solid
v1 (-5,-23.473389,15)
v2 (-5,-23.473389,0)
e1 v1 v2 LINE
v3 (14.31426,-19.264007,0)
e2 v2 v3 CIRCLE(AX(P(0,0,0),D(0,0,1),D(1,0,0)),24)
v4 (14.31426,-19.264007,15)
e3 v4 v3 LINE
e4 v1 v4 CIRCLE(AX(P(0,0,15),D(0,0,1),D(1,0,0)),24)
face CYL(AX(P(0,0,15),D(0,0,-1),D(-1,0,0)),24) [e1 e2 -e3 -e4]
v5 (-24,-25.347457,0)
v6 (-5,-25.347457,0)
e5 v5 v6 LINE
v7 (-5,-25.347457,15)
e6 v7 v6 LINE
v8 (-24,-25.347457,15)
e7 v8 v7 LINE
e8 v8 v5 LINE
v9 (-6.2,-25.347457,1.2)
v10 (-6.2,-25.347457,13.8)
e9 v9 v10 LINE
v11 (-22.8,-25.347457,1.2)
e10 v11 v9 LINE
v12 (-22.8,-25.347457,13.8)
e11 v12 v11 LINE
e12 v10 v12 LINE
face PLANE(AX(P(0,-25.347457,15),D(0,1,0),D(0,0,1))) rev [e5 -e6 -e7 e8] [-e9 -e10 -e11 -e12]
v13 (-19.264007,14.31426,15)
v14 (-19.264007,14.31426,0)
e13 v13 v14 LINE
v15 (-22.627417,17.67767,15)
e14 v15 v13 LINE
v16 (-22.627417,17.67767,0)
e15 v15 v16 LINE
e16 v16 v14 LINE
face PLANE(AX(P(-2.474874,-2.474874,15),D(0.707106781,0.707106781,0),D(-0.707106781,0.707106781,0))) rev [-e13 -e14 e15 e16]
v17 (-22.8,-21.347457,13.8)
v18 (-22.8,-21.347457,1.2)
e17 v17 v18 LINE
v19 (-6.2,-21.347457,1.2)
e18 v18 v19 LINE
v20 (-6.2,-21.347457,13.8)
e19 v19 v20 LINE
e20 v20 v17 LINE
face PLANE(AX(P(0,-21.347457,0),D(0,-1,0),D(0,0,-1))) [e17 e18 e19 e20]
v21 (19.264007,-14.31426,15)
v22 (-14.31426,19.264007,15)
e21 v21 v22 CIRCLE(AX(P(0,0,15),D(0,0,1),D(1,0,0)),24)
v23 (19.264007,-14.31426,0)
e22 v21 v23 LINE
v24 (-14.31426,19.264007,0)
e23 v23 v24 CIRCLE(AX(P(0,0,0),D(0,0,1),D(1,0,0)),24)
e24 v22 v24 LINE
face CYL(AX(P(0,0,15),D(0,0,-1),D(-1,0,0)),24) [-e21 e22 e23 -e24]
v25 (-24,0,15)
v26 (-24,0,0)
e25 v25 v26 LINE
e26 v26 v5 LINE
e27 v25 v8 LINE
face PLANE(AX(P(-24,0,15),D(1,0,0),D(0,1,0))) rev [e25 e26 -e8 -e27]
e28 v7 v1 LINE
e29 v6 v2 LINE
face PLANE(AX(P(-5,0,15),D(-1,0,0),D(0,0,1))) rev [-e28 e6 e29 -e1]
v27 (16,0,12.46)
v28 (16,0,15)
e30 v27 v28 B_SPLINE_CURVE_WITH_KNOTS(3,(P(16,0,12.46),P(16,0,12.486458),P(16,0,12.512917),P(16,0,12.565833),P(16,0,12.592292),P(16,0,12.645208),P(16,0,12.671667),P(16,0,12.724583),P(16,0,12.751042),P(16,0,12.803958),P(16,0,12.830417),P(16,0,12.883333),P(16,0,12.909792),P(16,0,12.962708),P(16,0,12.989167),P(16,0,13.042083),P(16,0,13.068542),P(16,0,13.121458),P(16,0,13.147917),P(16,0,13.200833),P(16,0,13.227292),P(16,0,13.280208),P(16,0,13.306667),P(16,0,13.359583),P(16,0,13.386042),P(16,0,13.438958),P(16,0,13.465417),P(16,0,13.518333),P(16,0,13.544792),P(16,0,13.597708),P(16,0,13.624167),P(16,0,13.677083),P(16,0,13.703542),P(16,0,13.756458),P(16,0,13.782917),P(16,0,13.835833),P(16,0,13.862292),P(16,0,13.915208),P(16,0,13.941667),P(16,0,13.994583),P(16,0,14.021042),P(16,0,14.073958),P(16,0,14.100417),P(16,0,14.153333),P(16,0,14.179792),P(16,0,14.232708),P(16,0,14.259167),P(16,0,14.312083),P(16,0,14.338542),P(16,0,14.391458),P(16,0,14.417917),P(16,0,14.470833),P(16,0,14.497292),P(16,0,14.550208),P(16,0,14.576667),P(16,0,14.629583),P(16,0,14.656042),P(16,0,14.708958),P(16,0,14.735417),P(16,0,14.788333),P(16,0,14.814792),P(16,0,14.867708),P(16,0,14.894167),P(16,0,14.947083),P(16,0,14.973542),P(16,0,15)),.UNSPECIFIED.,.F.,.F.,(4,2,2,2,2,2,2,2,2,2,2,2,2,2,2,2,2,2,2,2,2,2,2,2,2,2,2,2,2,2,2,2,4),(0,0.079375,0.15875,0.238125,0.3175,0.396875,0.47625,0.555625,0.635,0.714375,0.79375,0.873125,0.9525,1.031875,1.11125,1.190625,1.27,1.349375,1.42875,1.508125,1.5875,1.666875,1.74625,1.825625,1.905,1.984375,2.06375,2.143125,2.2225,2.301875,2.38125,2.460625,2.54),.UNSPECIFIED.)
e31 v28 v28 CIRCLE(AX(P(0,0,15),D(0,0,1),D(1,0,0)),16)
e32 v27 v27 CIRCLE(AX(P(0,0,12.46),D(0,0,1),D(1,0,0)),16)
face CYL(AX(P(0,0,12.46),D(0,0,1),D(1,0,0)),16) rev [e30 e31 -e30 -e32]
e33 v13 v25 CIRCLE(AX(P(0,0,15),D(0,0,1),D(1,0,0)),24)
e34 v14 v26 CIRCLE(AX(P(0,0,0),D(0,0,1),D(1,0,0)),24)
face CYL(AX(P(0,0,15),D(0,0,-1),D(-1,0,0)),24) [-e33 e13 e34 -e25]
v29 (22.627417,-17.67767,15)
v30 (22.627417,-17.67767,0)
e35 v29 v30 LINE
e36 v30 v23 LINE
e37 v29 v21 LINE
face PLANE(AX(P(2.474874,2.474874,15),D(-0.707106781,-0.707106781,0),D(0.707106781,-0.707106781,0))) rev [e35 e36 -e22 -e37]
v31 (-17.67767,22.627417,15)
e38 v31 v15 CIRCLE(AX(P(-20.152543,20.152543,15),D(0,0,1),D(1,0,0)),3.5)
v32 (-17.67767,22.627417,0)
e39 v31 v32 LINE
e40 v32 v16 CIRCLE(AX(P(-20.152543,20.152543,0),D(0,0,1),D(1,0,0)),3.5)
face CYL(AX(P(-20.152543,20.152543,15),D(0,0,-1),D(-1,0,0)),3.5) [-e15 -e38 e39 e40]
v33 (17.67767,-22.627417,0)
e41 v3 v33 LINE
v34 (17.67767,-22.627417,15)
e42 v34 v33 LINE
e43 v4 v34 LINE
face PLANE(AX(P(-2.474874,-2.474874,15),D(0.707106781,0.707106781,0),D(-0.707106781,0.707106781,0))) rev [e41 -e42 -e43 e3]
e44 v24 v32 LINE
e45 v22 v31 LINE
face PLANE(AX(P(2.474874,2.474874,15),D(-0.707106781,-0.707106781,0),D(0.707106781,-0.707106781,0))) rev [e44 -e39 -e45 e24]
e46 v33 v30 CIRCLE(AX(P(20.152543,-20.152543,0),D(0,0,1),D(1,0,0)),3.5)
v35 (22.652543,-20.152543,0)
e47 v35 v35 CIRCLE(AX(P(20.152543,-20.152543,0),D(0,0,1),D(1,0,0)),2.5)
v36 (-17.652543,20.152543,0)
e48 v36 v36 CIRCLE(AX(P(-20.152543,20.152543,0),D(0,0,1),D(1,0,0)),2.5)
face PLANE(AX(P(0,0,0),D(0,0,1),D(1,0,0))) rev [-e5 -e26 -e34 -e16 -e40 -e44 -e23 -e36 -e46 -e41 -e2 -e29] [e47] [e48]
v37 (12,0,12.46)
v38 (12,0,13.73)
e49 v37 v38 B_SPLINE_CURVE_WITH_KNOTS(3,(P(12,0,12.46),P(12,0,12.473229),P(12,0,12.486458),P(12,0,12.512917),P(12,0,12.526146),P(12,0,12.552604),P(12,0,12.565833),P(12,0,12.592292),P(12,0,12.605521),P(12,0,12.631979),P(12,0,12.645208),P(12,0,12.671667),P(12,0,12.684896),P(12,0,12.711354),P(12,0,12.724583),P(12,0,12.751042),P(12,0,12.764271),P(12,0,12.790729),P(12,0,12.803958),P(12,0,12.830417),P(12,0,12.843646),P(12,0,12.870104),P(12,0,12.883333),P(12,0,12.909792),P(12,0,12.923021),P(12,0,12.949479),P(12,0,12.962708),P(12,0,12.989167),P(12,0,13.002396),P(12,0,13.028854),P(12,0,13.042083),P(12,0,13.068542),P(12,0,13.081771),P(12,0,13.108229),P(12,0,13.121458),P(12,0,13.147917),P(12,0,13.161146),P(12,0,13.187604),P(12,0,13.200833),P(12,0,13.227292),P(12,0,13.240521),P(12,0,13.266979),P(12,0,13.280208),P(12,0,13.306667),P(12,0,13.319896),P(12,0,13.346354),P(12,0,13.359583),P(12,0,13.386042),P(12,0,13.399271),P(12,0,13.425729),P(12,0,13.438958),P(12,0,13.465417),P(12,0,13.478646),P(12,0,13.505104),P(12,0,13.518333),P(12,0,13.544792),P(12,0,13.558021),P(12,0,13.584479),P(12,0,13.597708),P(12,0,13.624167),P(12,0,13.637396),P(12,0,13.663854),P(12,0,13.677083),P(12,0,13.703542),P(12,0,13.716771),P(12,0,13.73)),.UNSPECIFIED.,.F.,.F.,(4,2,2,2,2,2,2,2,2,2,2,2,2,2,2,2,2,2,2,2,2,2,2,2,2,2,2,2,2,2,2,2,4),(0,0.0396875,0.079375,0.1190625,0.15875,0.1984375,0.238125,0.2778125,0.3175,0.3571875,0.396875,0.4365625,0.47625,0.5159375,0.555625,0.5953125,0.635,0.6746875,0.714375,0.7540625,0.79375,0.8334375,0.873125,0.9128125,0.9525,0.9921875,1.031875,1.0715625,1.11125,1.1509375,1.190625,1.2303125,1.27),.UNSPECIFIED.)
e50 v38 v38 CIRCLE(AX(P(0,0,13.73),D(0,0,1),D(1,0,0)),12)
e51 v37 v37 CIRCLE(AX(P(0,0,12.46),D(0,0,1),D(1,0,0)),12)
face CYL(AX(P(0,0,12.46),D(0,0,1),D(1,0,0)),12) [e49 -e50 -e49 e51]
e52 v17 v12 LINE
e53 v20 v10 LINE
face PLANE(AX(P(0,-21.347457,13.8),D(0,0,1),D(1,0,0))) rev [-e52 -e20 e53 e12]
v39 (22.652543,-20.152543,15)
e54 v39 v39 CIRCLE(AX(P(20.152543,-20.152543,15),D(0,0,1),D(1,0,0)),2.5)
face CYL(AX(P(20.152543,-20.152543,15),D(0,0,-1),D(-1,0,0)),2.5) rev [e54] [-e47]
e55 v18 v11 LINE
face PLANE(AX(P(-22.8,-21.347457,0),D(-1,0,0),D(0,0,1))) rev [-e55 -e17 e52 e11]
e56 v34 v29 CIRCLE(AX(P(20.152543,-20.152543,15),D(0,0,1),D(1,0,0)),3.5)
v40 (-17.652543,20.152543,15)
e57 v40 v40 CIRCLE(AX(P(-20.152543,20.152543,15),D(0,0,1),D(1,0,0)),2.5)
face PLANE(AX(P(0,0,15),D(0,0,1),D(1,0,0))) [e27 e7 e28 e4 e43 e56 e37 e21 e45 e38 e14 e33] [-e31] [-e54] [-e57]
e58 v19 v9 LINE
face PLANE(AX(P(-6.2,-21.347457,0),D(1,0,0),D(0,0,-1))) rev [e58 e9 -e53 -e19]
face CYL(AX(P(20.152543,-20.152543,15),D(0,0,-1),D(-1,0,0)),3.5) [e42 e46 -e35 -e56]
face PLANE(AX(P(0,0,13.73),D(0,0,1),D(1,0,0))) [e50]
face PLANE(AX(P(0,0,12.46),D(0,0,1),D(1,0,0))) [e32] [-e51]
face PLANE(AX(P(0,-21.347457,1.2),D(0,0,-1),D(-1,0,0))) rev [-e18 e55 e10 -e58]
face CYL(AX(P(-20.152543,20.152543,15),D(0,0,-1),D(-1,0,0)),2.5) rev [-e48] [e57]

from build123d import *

# Parameters (mm, degrees)
BOSS_EXTRUDE1_DEPTH = 15
SKETCH2_W           = 16.6
SKETCH2_H           = 12.6
CUT_EXTRUDE1_DEPTH  = 4
SKETCH3_R           = 16
SKETCH3_R_2         = 12
CUT_EXTRUDE2_DEPTH  = 2.54
SKETCH4_R           = 12
CUT_EXTRUDE3_DEPTH  = 1.27


with BuildPart() as part:
    # Sketch1 → Boss-Extrude1 (new body)
    with BuildSketch(Plane.XY):
        with BuildLine():
            ThreePointArc((-5, -23.473389189), (-18.654758106, -15.099668871), (-24, 0))
            Line((-24, 0), (-24, -25.347456736))
            Line((-24, -25.347456736), (-5, -25.347456736))
            Line((-5, -25.347456736), (-5, -23.473389189))
        make_face()
        with BuildLine():
            Line((-4.949747468, 0), (-19.264007125, 14.314259656))
            ThreePointArc((-19.264007125, 14.314259656), (-22.785260268, 7.538694483), (-24, 0))
            Line((-24, 0), (-4.949747468, 0))
        make_face()
        with BuildLine():
            Line((14.314259656, -19.264007125), (-4.949747468, 0))
            Line((-4.949747468, 0), (-24, 0))
            ThreePointArc((-24, 0), (-18.654758106, -15.099668871), (-5, -23.473389189))
            ThreePointArc((-5, -23.473389189), (5.110634264, -23.449550474), (14.314259656, -19.264007125))
        make_face()
        with BuildLine():
            Line((-4.949747468, 0), (-19.264007125, 14.314259656))
            ThreePointArc((-19.264007125, 14.314259656), (-22.785260268, 7.538694483), (-24, 0))
            Line((-24, 0), (-4.949747468, 0))
        make_face()
        with BuildLine():
            Line((14.314259656, -19.264007125), (-4.949747468, 0))
            Line((-4.949747468, 0), (-24, 0))
            ThreePointArc((-24, 0), (-18.654758106, -15.099668871), (-5, -23.473389189))
            ThreePointArc((-5, -23.473389189), (5.110634264, -23.449550474), (14.314259656, -19.264007125))
        make_face()
        with BuildLine():
            Line((0, 0), (-16.970562748, 16.970562748))
            ThreePointArc((-16.970562748, 16.970562748), (-18.165902125, 15.684387141), (-19.264007125, 14.314259656))
            Line((-19.264007125, 14.314259656), (-4.949747468, 0))
            Line((-4.949747468, 0), (0, 0))
        make_face()
        with BuildLine():
            Line((16.970562748, -16.970562748), (0, 0))
            Line((0, 0), (-4.949747468, 0))
            Line((-4.949747468, 0), (14.314259656, -19.264007125))
            ThreePointArc((14.314259656, -19.264007125), (15.684387141, -18.165902125), (16.970562748, -16.970562748))
        make_face()
        with BuildLine():
            ThreePointArc((-14.314259656, 19.264007125), (-15.684387141, 18.165902125), (-16.970562748, 16.970562748))
            Line((-16.970562748, 16.970562748), (0, 0))
            Line((0, 0), (16.970562748, -16.970562748))
            ThreePointArc((16.970562748, -16.970562748), (18.165902125, -15.684387141), (19.264007125, -14.314259656))
            Line((19.264007125, -14.314259656), (-14.314259656, 19.264007125))
        make_face()
        with BuildLine():
            ThreePointArc((24, 0), (10.780950057, 21.442274037), (-14.314259656, 19.264007125))
            Line((-14.314259656, 19.264007125), (19.264007125, -14.314259656))
            ThreePointArc((19.264007125, -14.314259656), (22.785260268, -7.538694483), (24, 0))
        make_face()
        with BuildLine():
            Line((-16.970562748, 16.970562748), (-17.67766953, 17.67766953))
            ThreePointArc((-17.67766953, 17.67766953), (-20.152543264, 16.652543264), (-22.627416998, 17.67766953))
            Line((-22.627416998, 17.67766953), (-19.264007125, 14.314259656))
            ThreePointArc((-19.264007125, 14.314259656), (-18.165902125, 15.684387141), (-16.970562748, 16.970562748))
        make_face()
        with BuildLine():
            ThreePointArc((-16.652543264, 20.152543264), (-16.9189649, 18.813151251), (-17.67766953, 17.67766953))
            Line((-17.67766953, 17.67766953), (-16.970562748, 16.970562748))
            ThreePointArc((-16.970562748, 16.970562748), (-15.684387141, 18.165902125), (-14.314259656, 19.264007125))
            Line((-14.314259656, 19.264007125), (-17.67766953, 22.627416998))
            ThreePointArc((-17.67766953, 22.627416998), (-16.9189649, 21.491935277), (-16.652543264, 20.152543264))
        make_face()
        with BuildLine():
            ThreePointArc((23.652543264, -20.152543264), (23.386121628, -18.813151251), (22.627416998, -17.67766953))
            Line((22.627416998, -17.67766953), (21.920310217, -18.384776311))
            ThreePointArc((21.920310217, -18.384776311), (22.462242095, -19.195834683), (22.652543264, -20.152543264))
            ThreePointArc((22.652543264, -20.152543264), (22.462242095, -21.109251845), (21.920310217, -21.920310217))
            Line((21.920310217, -21.920310217), (22.627416998, -22.627416998))
            ThreePointArc((22.627416998, -22.627416998), (23.386121628, -21.491935277), (23.652543264, -20.152543264))
        make_face()
        with BuildLine():
            Line((21.920310217, -18.384776311), (22.627416998, -17.67766953))
            ThreePointArc((22.627416998, -17.67766953), (20.152543264, -16.652543264), (17.67766953, -17.67766953))
            Line((17.67766953, -17.67766953), (18.384776311, -18.384776311))
            ThreePointArc((18.384776311, -18.384776311), (20.152543264, -17.652543264), (21.920310217, -18.384776311))
        make_face()
        with BuildLine():
            Line((18.384776311, -18.384776311), (17.67766953, -17.67766953))
            ThreePointArc((17.67766953, -17.67766953), (16.652543264, -20.152543264), (17.67766953, -22.627416998))
            Line((17.67766953, -22.627416998), (18.384776311, -21.920310217))
            ThreePointArc((18.384776311, -21.920310217), (17.652543264, -20.152543264), (18.384776311, -18.384776311))
        make_face()
        with BuildLine():
            Line((18.384776311, -21.920310217), (17.67766953, -22.627416998))
            ThreePointArc((17.67766953, -22.627416998), (20.152543264, -23.652543264), (22.627416998, -22.627416998))
            Line((22.627416998, -22.627416998), (21.920310217, -21.920310217))
            ThreePointArc((21.920310217, -21.920310217), (20.152543264, -22.652543264), (18.384776311, -21.920310217))
        make_face()
        with BuildLine():
            ThreePointArc((23.652543264, -20.152543264), (23.386121628, -18.813151251), (22.627416998, -17.67766953))
            Line((22.627416998, -17.67766953), (21.920310217, -18.384776311))
            ThreePointArc((21.920310217, -18.384776311), (22.462242095, -19.195834683), (22.652543264, -20.152543264))
            ThreePointArc((22.652543264, -20.152543264), (22.462242095, -21.109251845), (21.920310217, -21.920310217))
            Line((21.920310217, -21.920310217), (22.627416998, -22.627416998))
            ThreePointArc((22.627416998, -22.627416998), (23.386121628, -21.491935277), (23.652543264, -20.152543264))
        make_face()
        with BuildLine():
            Line((21.920310217, -18.384776311), (22.627416998, -17.67766953))
            ThreePointArc((22.627416998, -17.67766953), (20.152543264, -16.652543264), (17.67766953, -17.67766953))
            Line((17.67766953, -17.67766953), (18.384776311, -18.384776311))
            ThreePointArc((18.384776311, -18.384776311), (20.152543264, -17.652543264), (21.920310217, -18.384776311))
        make_face()
        with BuildLine():
            Line((18.384776311, -18.384776311), (17.67766953, -17.67766953))
            ThreePointArc((17.67766953, -17.67766953), (16.652543264, -20.152543264), (17.67766953, -22.627416998))
            Line((17.67766953, -22.627416998), (18.384776311, -21.920310217))
            ThreePointArc((18.384776311, -21.920310217), (17.652543264, -20.152543264), (18.384776311, -18.384776311))
        make_face()
        with BuildLine():
            Line((18.384776311, -21.920310217), (17.67766953, -22.627416998))
            ThreePointArc((17.67766953, -22.627416998), (20.152543264, -23.652543264), (22.627416998, -22.627416998))
            Line((22.627416998, -22.627416998), (21.920310217, -21.920310217))
            ThreePointArc((21.920310217, -21.920310217), (20.152543264, -22.652543264), (18.384776311, -21.920310217))
        make_face()
        with BuildLine():
            Line((17.67766953, -17.67766953), (16.970562748, -16.970562748))
            ThreePointArc((16.970562748, -16.970562748), (15.684387141, -18.165902125), (14.314259656, -19.264007125))
            Line((14.314259656, -19.264007125), (17.67766953, -22.627416998))
            ThreePointArc((17.67766953, -22.627416998), (16.652543264, -20.152543264), (17.67766953, -17.67766953))
        make_face()
        with BuildLine():
            Line((22.627416998, -17.67766953), (19.264007125, -14.314259656))
            ThreePointArc((19.264007125, -14.314259656), (18.165902125, -15.684387141), (16.970562748, -16.970562748))
            Line((16.970562748, -16.970562748), (17.67766953, -17.67766953))
            ThreePointArc((17.67766953, -17.67766953), (20.152543264, -16.652543264), (22.627416998, -17.67766953))
        make_face()
        with BuildLine():
            ThreePointArc((23.652543264, -20.152543264), (23.386121628, -18.813151251), (22.627416998, -17.67766953))
            Line((22.627416998, -17.67766953), (21.920310217, -18.384776311))
            ThreePointArc((21.920310217, -18.384776311), (22.462242095, -19.195834683), (22.652543264, -20.152543264))
            ThreePointArc((22.652543264, -20.152543264), (22.462242095, -21.109251845), (21.920310217, -21.920310217))
            Line((21.920310217, -21.920310217), (22.627416998, -22.627416998))
            ThreePointArc((22.627416998, -22.627416998), (23.386121628, -21.491935277), (23.652543264, -20.152543264))
        make_face()
        with BuildLine():
            Line((21.920310217, -18.384776311), (22.627416998, -17.67766953))
            ThreePointArc((22.627416998, -17.67766953), (20.152543264, -16.652543264), (17.67766953, -17.67766953))
            Line((17.67766953, -17.67766953), (18.384776311, -18.384776311))
            ThreePointArc((18.384776311, -18.384776311), (20.152543264, -17.652543264), (21.920310217, -18.384776311))
        make_face()
        with BuildLine():
            Line((18.384776311, -18.384776311), (17.67766953, -17.67766953))
            ThreePointArc((17.67766953, -17.67766953), (16.652543264, -20.152543264), (17.67766953, -22.627416998))
            Line((17.67766953, -22.627416998), (18.384776311, -21.920310217))
            ThreePointArc((18.384776311, -21.920310217), (17.652543264, -20.152543264), (18.384776311, -18.384776311))
        make_face()
        with BuildLine():
            Line((18.384776311, -21.920310217), (17.67766953, -22.627416998))
            ThreePointArc((17.67766953, -22.627416998), (20.152543264, -23.652543264), (22.627416998, -22.627416998))
            Line((22.627416998, -22.627416998), (21.920310217, -21.920310217))
            ThreePointArc((21.920310217, -21.920310217), (20.152543264, -22.652543264), (18.384776311, -21.920310217))
        make_face()
        with BuildLine():
            ThreePointArc((23.652543264, -20.152543264), (23.386121628, -18.813151251), (22.627416998, -17.67766953))
            Line((22.627416998, -17.67766953), (21.920310217, -18.384776311))
            ThreePointArc((21.920310217, -18.384776311), (22.462242095, -19.195834683), (22.652543264, -20.152543264))
            ThreePointArc((22.652543264, -20.152543264), (22.462242095, -21.109251845), (21.920310217, -21.920310217))
            Line((21.920310217, -21.920310217), (22.627416998, -22.627416998))
            ThreePointArc((22.627416998, -22.627416998), (23.386121628, -21.491935277), (23.652543264, -20.152543264))
        make_face()
        with BuildLine():
            Line((21.920310217, -18.384776311), (22.627416998, -17.67766953))
            ThreePointArc((22.627416998, -17.67766953), (20.152543264, -16.652543264), (17.67766953, -17.67766953))
            Line((17.67766953, -17.67766953), (18.384776311, -18.384776311))
            ThreePointArc((18.384776311, -18.384776311), (20.152543264, -17.652543264), (21.920310217, -18.384776311))
        make_face()
        with BuildLine():
            Line((18.384776311, -18.384776311), (17.67766953, -17.67766953))
            ThreePointArc((17.67766953, -17.67766953), (16.652543264, -20.152543264), (17.67766953, -22.627416998))
            Line((17.67766953, -22.627416998), (18.384776311, -21.920310217))
            ThreePointArc((18.384776311, -21.920310217), (17.652543264, -20.152543264), (18.384776311, -18.384776311))
        make_face()
        with BuildLine():
            Line((18.384776311, -21.920310217), (17.67766953, -22.627416998))
            ThreePointArc((17.67766953, -22.627416998), (20.152543264, -23.652543264), (22.627416998, -22.627416998))
            Line((22.627416998, -22.627416998), (21.920310217, -21.920310217))
            ThreePointArc((21.920310217, -21.920310217), (20.152543264, -22.652543264), (18.384776311, -21.920310217))
        make_face()
        with BuildLine():
            ThreePointArc((-21.920310217, 18.384776311), (-22.652543264, 20.152543264), (-21.920310217, 21.920310217))
            Line((-21.920310217, 21.920310217), (-22.627416998, 22.627416998))
            ThreePointArc((-22.627416998, 22.627416998), (-23.652543264, 20.152543264), (-22.627416998, 17.67766953))
            Line((-22.627416998, 17.67766953), (-21.920310217, 18.384776311))
        make_face()
        with BuildLine():
            Line((-17.67766953, 17.67766953), (-18.384776311, 18.384776311))
            ThreePointArc((-18.384776311, 18.384776311), (-20.152543264, 17.652543264), (-21.920310217, 18.384776311))
            Line((-21.920310217, 18.384776311), (-22.627416998, 17.67766953))
            ThreePointArc((-22.627416998, 17.67766953), (-20.152543264, 16.652543264), (-17.67766953, 17.67766953))
        make_face()
        with BuildLine():
            Line((-22.627416998, 22.627416998), (-21.920310217, 21.920310217))
            ThreePointArc((-21.920310217, 21.920310217), (-19.195834683, 22.462242095), (-17.652543264, 20.152543264))
            ThreePointArc((-17.652543264, 20.152543264), (-17.842844433, 19.195834683), (-18.384776311, 18.384776311))
            Line((-18.384776311, 18.384776311), (-17.67766953, 17.67766953))
            ThreePointArc((-17.67766953, 17.67766953), (-16.9189649, 18.813151251), (-16.652543264, 20.152543264))
            ThreePointArc((-16.652543264, 20.152543264), (-16.9189649, 21.491935277), (-17.67766953, 22.627416998))
            ThreePointArc((-17.67766953, 22.627416998), (-20.152543264, 23.652543264), (-22.627416998, 22.627416998))
        make_face()
        with BuildLine():
            ThreePointArc((-21.920310217, 18.384776311), (-22.652543264, 20.152543264), (-21.920310217, 21.920310217))
            Line((-21.920310217, 21.920310217), (-22.627416998, 22.627416998))
            ThreePointArc((-22.627416998, 22.627416998), (-23.652543264, 20.152543264), (-22.627416998, 17.67766953))
            Line((-22.627416998, 17.67766953), (-21.920310217, 18.384776311))
        make_face()
        with BuildLine():
            Line((-17.67766953, 17.67766953), (-18.384776311, 18.384776311))
            ThreePointArc((-18.384776311, 18.384776311), (-20.152543264, 17.652543264), (-21.920310217, 18.384776311))
            Line((-21.920310217, 18.384776311), (-22.627416998, 17.67766953))
            ThreePointArc((-22.627416998, 17.67766953), (-20.152543264, 16.652543264), (-17.67766953, 17.67766953))
        make_face()
    extrude(amount=BOSS_EXTRUDE1_DEPTH)

    # Sketch2 → Cut-Extrude1 (cut)
    with BuildSketch(Plane.XZ.offset(25.347456736)):
        with Locations((-14.5, 7.5)):
            Rectangle(SKETCH2_W, SKETCH2_H)
    extrude(amount=-CUT_EXTRUDE1_DEPTH, mode=Mode.SUBTRACT)

    # Sketch3 → Cut-Extrude2 (cut)
    with BuildSketch(Plane.XY.offset(15)):
        Circle(SKETCH3_R)
        Circle(SKETCH3_R_2, mode=Mode.SUBTRACT)
    extrude(amount=-CUT_EXTRUDE2_DEPTH, mode=Mode.SUBTRACT)

    # Sketch4 → Cut-Extrude3 (cut)
    with BuildSketch(Plane.XY.offset(15)):
        Circle(SKETCH4_R)
    extrude(amount=-CUT_EXTRUDE3_DEPTH, mode=Mode.SUBTRACT)


solid = part.part
